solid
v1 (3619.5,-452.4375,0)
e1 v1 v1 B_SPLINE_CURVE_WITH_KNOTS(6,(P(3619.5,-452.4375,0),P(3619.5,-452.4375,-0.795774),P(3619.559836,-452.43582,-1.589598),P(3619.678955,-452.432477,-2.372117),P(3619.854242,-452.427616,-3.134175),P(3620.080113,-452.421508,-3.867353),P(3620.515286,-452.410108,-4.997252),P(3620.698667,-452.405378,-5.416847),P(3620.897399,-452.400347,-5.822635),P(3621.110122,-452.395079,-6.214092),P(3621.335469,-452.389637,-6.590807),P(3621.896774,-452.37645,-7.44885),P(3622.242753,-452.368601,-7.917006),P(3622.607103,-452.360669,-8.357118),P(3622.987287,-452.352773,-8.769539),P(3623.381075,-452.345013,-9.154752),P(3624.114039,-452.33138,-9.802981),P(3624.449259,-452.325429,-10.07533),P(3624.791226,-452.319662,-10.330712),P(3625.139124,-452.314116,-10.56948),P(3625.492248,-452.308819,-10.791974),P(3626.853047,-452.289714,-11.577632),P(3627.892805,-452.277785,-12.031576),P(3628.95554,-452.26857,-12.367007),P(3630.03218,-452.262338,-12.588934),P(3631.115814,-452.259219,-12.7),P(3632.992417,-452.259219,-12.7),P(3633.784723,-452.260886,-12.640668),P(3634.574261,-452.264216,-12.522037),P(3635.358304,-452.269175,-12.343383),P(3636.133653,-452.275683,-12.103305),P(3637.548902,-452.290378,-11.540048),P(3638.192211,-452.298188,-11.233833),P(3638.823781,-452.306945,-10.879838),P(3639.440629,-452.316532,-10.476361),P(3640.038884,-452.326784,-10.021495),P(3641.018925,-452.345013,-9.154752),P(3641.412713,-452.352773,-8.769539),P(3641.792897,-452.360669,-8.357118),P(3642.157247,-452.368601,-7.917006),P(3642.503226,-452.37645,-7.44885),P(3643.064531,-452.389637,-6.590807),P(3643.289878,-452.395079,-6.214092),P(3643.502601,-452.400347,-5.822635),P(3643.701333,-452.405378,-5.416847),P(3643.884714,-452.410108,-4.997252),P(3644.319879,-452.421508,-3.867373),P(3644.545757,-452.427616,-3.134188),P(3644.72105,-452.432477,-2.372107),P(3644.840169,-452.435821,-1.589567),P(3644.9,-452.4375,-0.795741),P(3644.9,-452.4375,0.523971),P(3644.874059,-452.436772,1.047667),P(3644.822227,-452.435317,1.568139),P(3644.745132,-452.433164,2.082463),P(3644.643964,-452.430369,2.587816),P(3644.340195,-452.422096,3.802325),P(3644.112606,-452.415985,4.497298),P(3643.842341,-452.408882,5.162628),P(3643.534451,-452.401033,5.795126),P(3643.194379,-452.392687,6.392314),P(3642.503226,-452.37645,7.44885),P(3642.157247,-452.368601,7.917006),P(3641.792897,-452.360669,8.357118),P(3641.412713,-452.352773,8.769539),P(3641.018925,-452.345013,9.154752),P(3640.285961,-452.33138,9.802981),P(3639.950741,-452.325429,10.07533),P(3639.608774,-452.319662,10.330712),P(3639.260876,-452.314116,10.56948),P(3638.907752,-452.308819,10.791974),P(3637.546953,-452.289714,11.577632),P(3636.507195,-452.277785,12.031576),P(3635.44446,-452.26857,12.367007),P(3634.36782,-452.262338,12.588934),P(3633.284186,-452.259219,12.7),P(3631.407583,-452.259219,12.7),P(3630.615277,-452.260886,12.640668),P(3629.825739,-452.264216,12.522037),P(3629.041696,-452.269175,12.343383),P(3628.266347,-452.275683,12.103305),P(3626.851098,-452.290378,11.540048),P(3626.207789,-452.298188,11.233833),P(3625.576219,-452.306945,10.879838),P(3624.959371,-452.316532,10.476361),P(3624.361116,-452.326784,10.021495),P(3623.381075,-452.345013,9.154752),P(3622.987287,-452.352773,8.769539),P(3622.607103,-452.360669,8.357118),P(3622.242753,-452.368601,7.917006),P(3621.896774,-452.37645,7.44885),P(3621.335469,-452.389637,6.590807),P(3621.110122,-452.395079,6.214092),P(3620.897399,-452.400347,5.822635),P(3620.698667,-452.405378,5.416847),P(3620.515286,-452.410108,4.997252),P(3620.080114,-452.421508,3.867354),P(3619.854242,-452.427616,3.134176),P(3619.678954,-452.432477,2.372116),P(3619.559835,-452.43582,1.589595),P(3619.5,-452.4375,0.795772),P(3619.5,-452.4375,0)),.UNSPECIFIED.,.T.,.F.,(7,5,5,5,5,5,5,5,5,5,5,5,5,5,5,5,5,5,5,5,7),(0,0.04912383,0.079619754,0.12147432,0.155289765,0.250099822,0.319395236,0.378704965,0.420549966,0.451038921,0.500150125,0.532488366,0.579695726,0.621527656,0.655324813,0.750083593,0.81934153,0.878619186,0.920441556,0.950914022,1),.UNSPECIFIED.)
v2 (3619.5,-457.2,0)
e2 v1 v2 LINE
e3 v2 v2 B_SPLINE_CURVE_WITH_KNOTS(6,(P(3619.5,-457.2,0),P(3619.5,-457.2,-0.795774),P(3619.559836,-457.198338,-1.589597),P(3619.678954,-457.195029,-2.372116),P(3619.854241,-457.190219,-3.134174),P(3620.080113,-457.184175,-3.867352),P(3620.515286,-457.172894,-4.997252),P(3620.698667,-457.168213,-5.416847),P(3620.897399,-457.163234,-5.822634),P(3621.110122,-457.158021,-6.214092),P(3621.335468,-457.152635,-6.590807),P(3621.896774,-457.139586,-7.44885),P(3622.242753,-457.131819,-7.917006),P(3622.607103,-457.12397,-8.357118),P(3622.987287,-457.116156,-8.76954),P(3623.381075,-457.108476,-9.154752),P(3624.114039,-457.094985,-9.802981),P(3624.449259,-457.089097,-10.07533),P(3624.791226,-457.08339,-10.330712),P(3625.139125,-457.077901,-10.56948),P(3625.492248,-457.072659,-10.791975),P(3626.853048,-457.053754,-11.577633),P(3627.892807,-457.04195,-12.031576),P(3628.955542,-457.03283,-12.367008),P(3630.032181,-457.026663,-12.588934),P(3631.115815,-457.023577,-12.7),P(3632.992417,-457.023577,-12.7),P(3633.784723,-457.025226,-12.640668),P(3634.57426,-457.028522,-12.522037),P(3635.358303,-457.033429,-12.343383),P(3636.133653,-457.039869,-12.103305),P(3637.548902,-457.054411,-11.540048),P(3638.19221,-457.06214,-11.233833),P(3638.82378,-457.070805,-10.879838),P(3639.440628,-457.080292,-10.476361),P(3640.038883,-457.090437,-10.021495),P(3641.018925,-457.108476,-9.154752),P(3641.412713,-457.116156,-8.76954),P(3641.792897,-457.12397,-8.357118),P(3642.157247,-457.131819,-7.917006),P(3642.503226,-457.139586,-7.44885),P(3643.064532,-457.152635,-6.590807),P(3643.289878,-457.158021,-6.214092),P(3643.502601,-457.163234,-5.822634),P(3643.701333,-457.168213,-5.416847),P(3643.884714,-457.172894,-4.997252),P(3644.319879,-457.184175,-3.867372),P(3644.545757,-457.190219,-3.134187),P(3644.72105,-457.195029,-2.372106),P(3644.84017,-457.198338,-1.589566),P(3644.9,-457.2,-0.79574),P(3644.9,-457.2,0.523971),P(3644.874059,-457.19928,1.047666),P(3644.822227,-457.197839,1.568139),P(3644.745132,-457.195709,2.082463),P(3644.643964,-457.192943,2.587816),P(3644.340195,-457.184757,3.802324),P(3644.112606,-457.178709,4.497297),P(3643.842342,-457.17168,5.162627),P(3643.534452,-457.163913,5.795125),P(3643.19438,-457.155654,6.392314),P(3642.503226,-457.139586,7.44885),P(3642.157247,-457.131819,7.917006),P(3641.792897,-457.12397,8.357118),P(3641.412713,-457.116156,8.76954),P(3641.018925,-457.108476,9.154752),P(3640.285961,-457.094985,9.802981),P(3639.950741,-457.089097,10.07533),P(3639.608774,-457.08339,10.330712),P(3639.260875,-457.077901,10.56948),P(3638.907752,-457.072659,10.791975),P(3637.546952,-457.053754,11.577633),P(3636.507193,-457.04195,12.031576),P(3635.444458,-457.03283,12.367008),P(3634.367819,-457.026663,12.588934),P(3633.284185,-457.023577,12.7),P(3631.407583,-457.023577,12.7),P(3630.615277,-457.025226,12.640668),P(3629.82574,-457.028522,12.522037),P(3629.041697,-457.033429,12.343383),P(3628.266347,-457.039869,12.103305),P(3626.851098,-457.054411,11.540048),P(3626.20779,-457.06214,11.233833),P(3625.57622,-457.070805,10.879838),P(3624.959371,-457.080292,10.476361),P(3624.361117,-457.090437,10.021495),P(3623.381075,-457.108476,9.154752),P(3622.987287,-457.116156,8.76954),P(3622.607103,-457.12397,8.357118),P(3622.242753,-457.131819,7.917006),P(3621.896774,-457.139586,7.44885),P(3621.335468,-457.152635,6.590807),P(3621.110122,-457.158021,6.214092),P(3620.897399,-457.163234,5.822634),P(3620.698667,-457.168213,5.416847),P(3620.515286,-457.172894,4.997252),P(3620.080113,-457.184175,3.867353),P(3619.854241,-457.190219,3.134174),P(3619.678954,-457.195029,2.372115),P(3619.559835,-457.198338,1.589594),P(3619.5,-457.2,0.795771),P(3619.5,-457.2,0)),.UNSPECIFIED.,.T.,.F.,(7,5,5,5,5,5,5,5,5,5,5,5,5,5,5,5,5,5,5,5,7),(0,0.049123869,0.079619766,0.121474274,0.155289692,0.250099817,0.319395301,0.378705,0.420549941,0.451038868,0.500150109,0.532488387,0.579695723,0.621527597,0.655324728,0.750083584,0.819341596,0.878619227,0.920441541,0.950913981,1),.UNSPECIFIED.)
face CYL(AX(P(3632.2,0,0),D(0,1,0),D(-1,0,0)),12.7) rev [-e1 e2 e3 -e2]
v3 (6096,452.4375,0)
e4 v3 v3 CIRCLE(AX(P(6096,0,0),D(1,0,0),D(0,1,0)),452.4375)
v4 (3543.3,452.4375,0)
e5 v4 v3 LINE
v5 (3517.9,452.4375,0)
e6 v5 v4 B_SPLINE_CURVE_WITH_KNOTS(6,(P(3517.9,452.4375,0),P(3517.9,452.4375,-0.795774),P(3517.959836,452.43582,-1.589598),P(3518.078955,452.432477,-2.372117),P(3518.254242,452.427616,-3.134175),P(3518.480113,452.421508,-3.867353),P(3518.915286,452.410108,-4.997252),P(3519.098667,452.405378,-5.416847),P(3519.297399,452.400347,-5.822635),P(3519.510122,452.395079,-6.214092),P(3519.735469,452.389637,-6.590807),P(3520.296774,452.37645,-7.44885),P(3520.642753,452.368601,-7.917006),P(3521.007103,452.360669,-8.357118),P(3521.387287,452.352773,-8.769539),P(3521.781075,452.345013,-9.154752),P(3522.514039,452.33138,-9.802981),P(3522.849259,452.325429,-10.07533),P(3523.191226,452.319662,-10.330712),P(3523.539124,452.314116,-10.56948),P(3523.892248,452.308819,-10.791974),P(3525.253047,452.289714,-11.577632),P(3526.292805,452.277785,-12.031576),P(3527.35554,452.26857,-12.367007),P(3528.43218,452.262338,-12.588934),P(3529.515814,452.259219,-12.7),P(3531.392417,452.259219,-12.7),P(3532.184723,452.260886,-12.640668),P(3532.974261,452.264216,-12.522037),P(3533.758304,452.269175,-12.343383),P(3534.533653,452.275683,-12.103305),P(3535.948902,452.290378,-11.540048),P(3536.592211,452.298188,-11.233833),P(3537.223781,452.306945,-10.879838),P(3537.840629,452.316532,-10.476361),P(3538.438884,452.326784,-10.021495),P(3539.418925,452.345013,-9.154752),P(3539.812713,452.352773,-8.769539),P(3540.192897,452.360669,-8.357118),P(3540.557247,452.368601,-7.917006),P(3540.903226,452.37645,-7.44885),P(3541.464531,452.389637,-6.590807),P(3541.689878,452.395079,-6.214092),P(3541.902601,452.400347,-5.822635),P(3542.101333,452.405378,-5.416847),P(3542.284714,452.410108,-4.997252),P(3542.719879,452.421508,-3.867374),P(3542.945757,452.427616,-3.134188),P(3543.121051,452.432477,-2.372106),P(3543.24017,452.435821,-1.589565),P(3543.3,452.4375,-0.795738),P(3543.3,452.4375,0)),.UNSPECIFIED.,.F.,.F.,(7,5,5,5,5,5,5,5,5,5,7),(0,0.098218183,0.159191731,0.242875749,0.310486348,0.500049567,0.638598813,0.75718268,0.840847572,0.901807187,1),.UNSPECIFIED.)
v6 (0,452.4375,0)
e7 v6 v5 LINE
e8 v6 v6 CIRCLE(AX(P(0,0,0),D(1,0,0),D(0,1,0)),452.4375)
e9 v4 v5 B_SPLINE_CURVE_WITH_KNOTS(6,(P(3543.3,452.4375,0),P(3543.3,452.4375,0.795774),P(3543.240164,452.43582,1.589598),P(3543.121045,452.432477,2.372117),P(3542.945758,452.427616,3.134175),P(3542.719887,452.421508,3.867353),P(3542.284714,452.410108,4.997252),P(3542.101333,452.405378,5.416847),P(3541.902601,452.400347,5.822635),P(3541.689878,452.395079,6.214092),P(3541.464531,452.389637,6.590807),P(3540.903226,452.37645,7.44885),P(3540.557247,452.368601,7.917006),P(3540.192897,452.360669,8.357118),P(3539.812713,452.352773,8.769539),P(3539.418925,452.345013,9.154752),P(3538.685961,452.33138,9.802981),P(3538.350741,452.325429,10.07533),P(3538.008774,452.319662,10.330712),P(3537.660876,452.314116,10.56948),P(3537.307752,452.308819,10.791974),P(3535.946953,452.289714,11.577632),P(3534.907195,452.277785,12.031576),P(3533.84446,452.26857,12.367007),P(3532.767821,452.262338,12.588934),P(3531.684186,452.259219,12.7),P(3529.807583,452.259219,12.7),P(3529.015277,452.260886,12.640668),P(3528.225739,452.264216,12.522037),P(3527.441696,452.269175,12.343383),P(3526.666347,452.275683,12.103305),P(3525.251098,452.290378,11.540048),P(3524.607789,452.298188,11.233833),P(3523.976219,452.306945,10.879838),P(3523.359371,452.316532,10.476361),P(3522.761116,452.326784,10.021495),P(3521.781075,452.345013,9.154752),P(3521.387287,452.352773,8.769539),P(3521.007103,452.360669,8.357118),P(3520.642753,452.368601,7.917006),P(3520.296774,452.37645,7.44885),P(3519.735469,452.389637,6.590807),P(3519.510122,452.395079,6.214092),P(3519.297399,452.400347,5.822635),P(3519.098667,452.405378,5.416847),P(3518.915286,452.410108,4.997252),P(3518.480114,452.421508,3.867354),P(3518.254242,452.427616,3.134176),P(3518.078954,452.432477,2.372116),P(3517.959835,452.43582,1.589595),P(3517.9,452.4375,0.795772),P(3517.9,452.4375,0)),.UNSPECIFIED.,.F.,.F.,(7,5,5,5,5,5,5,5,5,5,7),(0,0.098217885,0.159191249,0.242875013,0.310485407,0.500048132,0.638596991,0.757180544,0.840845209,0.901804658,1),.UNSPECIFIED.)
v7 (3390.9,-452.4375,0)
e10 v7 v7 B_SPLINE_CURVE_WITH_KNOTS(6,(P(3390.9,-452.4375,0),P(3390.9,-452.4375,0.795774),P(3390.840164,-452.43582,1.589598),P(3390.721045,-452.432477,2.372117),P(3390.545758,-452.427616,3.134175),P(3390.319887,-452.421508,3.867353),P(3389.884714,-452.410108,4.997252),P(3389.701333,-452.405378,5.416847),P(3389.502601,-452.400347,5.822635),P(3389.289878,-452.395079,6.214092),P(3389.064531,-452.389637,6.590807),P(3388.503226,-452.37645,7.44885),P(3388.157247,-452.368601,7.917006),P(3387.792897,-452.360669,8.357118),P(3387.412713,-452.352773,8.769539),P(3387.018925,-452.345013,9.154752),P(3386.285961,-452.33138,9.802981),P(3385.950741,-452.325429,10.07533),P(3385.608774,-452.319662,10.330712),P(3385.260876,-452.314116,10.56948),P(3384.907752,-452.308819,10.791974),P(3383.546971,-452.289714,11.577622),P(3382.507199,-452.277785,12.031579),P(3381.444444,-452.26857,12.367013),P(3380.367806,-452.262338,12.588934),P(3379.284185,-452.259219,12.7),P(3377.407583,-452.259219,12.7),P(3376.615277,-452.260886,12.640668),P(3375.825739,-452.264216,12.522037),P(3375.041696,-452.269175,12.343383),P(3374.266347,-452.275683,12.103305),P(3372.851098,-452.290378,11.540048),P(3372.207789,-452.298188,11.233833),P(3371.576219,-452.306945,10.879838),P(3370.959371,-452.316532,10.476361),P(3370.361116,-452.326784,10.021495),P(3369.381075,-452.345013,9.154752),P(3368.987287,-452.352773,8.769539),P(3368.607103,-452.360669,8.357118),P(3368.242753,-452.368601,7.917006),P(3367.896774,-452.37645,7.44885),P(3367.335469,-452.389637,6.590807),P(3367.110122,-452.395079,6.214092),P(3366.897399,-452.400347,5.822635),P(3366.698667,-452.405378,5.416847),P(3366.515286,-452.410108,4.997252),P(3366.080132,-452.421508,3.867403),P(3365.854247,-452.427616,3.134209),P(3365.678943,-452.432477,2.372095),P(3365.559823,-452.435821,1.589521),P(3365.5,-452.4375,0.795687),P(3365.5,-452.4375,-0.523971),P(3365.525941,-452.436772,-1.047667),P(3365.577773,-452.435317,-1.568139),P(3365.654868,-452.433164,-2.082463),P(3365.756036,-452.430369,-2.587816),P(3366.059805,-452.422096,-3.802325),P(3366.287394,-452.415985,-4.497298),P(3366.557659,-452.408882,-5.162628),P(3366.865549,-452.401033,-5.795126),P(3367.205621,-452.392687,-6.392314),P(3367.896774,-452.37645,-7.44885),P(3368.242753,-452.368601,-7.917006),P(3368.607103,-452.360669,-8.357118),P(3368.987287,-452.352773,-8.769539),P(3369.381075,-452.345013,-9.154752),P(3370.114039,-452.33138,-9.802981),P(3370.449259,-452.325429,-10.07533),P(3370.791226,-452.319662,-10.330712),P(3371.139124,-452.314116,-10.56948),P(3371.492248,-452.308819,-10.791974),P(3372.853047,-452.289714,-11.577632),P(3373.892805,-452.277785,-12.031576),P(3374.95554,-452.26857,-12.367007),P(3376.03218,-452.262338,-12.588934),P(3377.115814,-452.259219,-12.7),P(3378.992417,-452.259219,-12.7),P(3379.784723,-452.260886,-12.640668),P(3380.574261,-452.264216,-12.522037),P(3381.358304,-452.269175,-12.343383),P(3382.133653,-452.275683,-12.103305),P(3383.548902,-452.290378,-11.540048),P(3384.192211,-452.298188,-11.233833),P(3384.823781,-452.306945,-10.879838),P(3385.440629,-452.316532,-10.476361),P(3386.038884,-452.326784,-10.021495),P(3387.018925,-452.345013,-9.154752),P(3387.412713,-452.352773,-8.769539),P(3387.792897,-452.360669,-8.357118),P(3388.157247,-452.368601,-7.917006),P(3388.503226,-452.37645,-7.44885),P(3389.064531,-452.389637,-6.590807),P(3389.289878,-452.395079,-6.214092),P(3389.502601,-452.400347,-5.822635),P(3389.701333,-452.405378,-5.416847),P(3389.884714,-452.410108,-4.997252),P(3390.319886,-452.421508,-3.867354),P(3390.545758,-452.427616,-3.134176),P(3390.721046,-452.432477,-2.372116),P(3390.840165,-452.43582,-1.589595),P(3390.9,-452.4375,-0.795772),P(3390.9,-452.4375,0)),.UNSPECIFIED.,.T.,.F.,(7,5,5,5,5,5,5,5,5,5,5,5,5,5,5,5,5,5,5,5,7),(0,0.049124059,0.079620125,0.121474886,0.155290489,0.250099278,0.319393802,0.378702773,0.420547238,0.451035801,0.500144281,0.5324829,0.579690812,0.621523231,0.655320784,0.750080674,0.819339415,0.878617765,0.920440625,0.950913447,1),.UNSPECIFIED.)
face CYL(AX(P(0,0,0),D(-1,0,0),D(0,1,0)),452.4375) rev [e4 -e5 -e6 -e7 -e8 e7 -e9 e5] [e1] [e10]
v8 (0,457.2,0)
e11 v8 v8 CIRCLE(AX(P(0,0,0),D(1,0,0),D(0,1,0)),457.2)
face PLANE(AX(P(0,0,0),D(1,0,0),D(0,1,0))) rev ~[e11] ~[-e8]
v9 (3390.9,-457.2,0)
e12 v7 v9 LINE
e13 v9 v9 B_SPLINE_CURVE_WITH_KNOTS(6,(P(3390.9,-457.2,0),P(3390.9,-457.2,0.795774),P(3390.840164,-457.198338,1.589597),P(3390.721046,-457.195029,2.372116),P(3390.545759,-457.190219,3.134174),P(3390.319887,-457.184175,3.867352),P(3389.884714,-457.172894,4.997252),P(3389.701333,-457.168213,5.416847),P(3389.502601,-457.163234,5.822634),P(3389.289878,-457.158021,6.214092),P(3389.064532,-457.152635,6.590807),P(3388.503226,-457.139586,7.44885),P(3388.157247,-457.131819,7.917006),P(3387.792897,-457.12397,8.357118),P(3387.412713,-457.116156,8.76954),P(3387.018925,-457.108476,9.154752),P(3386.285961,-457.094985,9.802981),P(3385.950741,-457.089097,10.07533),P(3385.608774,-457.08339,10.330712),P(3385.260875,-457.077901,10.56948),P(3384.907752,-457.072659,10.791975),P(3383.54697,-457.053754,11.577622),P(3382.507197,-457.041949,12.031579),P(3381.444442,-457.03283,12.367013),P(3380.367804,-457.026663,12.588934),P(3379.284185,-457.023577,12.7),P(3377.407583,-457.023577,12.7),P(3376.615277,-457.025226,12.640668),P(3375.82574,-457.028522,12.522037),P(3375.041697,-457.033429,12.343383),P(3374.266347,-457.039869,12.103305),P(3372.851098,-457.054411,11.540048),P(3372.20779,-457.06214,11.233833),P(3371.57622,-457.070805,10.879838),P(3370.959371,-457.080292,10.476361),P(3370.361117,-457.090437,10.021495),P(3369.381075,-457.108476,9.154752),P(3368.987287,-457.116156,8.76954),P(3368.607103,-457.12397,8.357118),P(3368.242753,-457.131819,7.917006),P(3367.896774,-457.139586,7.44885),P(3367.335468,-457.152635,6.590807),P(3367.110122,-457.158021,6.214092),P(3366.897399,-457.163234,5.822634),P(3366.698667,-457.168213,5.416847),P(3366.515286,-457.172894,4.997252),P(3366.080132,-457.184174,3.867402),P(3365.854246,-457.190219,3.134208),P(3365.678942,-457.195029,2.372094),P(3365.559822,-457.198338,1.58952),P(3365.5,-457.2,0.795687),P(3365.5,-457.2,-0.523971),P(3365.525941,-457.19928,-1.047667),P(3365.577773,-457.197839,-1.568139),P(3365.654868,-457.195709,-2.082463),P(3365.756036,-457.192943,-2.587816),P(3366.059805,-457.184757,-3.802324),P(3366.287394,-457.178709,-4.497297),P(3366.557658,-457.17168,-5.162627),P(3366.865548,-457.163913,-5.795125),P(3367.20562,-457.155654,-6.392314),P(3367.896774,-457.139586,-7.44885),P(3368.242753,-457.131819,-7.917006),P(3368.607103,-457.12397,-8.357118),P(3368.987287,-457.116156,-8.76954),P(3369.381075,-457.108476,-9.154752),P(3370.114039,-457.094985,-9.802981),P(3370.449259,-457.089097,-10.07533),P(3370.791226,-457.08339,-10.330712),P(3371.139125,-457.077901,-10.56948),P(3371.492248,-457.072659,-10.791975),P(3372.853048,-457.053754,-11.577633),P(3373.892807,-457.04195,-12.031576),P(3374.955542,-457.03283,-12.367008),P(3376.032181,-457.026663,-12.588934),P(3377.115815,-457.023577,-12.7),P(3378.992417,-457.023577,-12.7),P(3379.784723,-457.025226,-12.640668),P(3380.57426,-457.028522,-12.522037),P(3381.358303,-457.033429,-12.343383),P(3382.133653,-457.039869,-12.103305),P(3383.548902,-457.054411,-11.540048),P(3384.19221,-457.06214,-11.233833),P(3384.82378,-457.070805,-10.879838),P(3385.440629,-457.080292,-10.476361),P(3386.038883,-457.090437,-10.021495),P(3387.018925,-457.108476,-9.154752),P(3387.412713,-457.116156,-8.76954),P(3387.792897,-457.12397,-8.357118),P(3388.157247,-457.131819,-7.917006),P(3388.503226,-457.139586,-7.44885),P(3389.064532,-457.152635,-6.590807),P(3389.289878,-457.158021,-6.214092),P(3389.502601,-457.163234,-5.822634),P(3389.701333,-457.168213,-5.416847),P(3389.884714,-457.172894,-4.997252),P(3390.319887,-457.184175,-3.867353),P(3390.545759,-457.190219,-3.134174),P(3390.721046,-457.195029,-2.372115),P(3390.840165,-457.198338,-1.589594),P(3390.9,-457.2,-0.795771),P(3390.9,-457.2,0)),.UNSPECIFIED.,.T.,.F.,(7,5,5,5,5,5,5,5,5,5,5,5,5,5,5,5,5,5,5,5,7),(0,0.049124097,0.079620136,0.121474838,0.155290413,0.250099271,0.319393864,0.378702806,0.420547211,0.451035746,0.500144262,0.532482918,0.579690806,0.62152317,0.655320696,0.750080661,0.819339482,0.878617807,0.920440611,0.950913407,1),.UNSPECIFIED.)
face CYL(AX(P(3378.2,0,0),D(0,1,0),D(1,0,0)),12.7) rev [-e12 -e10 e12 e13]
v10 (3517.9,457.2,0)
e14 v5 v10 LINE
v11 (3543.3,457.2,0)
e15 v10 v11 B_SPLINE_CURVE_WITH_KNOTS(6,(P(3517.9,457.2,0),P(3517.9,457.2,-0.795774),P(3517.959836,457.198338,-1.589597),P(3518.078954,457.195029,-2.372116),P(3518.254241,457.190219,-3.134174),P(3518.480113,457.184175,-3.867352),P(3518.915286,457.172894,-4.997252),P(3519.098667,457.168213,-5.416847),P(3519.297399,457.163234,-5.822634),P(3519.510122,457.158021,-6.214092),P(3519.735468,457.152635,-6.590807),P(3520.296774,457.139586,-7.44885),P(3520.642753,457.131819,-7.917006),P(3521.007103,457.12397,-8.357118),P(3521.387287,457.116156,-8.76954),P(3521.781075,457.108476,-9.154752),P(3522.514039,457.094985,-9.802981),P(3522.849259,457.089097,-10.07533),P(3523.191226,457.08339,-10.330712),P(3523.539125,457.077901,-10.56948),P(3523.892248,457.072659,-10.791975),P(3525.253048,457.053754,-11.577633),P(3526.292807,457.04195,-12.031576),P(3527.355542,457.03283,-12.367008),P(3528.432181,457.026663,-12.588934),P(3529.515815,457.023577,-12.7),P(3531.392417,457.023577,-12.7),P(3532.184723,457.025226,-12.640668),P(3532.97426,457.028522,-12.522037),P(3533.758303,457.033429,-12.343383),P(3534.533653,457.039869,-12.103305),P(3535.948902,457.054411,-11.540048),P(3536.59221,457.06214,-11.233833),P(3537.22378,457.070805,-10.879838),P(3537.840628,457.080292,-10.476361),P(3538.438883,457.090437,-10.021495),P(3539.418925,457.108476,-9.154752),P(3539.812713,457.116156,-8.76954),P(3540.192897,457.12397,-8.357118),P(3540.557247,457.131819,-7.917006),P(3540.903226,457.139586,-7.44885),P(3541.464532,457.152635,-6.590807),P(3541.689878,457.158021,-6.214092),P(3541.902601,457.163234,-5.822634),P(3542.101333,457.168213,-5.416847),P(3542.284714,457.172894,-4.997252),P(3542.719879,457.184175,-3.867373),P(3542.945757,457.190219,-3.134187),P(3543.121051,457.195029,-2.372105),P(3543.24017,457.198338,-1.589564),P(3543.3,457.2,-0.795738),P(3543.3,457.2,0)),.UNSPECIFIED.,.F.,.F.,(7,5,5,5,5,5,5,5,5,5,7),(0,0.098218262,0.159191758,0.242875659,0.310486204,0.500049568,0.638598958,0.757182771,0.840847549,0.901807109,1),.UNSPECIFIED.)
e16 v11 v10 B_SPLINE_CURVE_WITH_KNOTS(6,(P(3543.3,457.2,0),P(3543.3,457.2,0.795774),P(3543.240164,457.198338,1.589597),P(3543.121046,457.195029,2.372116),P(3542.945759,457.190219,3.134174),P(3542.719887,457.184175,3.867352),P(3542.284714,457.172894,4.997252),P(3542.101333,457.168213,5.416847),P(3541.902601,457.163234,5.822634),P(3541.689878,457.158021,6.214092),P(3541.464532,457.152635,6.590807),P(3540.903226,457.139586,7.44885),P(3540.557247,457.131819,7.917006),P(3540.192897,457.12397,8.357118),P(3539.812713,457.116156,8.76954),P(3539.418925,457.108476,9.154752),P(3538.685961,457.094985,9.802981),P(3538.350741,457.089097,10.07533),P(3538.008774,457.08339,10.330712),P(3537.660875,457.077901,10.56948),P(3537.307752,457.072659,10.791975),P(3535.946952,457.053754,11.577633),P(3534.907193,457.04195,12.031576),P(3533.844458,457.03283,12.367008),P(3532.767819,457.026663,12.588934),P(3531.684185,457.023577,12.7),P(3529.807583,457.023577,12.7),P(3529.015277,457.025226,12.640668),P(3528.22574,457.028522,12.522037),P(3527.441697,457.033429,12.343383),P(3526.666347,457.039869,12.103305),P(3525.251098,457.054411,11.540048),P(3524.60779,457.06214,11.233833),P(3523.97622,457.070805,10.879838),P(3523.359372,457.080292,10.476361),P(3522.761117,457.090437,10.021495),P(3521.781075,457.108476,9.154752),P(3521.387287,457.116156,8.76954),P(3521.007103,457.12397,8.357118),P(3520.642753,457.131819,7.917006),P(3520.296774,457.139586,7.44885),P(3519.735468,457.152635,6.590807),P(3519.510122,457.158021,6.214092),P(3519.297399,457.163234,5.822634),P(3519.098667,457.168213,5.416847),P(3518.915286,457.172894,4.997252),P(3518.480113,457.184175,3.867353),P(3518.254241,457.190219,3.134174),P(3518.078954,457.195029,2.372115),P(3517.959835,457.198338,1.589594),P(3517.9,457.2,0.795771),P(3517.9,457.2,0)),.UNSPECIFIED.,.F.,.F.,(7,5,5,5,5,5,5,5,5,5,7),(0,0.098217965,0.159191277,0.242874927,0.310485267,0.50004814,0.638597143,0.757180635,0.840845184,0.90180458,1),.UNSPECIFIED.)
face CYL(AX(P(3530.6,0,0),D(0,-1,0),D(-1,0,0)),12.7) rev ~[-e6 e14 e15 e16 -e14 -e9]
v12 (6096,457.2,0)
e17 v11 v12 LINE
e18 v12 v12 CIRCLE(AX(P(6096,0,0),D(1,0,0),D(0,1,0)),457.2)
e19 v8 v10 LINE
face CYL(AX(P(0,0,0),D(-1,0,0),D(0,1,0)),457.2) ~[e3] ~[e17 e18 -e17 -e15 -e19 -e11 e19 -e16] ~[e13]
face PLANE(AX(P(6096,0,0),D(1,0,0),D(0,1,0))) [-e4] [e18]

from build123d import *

# Parameters (mm, degrees)
F0_R     = 457.2
F0_R_2   = 452.4375
F1_DEPTH = 6096
F3_DEPTH = 998.22
F4_DEPTH = 508


with BuildPart() as f1:
    # F0 (on Right) → F1 (new body)
    with BuildSketch(Plane.YZ):
        Circle(F0_R)
        Circle(F0_R_2, mode=Mode.SUBTRACT)
    extrude(amount=F1_DEPTH)

    # F2 (on Front) → F3 (cut)
    with BuildSketch(Plane.XZ):
        with BuildLine():
            Line((3378.2, 0), (3365.5, 0))
            ThreePointArc((3365.5, 0), (3378.2, -12.7), (3390.9, 0))
            Line((3390.9, 0), (3378.2, 0))
        make_face()
        with BuildLine():
            ThreePointArc((3390.9, 0), (3378.2, 12.7), (3365.5, 0))
            Line((3365.5, 0), (3378.2, 0))
            Line((3378.2, 0), (3390.9, 0))
        make_face()
        with BuildLine():
            ThreePointArc((3644.9, 0), (3632.2, 12.7), (3619.5, 0))
            ThreePointArc((3619.5, 0), (3632.2, -12.7), (3644.9, 0))
        make_face()
    extrude(amount=F3_DEPTH, mode=Mode.SUBTRACT)

    # F2 (on Front) → F4 (cut)
    with BuildSketch(Plane.XZ):
        with BuildLine():
            ThreePointArc((3543.3, 0), (3530.6, 12.7), (3517.9, 0))
            Line((3517.9, 0), (3530.6, 0))
            Line((3530.6, 0), (3543.3, 0))
        make_face()
        with BuildLine():
            Line((3530.6, 0), (3517.9, 0))
            ThreePointArc((3517.9, 0), (3530.6, -12.7), (3543.3, 0))
            Line((3543.3, 0), (3530.6, 0))
        make_face()
    extrude(amount=-F4_DEPTH, mode=Mode.SUBTRACT)


solid = f1.part
